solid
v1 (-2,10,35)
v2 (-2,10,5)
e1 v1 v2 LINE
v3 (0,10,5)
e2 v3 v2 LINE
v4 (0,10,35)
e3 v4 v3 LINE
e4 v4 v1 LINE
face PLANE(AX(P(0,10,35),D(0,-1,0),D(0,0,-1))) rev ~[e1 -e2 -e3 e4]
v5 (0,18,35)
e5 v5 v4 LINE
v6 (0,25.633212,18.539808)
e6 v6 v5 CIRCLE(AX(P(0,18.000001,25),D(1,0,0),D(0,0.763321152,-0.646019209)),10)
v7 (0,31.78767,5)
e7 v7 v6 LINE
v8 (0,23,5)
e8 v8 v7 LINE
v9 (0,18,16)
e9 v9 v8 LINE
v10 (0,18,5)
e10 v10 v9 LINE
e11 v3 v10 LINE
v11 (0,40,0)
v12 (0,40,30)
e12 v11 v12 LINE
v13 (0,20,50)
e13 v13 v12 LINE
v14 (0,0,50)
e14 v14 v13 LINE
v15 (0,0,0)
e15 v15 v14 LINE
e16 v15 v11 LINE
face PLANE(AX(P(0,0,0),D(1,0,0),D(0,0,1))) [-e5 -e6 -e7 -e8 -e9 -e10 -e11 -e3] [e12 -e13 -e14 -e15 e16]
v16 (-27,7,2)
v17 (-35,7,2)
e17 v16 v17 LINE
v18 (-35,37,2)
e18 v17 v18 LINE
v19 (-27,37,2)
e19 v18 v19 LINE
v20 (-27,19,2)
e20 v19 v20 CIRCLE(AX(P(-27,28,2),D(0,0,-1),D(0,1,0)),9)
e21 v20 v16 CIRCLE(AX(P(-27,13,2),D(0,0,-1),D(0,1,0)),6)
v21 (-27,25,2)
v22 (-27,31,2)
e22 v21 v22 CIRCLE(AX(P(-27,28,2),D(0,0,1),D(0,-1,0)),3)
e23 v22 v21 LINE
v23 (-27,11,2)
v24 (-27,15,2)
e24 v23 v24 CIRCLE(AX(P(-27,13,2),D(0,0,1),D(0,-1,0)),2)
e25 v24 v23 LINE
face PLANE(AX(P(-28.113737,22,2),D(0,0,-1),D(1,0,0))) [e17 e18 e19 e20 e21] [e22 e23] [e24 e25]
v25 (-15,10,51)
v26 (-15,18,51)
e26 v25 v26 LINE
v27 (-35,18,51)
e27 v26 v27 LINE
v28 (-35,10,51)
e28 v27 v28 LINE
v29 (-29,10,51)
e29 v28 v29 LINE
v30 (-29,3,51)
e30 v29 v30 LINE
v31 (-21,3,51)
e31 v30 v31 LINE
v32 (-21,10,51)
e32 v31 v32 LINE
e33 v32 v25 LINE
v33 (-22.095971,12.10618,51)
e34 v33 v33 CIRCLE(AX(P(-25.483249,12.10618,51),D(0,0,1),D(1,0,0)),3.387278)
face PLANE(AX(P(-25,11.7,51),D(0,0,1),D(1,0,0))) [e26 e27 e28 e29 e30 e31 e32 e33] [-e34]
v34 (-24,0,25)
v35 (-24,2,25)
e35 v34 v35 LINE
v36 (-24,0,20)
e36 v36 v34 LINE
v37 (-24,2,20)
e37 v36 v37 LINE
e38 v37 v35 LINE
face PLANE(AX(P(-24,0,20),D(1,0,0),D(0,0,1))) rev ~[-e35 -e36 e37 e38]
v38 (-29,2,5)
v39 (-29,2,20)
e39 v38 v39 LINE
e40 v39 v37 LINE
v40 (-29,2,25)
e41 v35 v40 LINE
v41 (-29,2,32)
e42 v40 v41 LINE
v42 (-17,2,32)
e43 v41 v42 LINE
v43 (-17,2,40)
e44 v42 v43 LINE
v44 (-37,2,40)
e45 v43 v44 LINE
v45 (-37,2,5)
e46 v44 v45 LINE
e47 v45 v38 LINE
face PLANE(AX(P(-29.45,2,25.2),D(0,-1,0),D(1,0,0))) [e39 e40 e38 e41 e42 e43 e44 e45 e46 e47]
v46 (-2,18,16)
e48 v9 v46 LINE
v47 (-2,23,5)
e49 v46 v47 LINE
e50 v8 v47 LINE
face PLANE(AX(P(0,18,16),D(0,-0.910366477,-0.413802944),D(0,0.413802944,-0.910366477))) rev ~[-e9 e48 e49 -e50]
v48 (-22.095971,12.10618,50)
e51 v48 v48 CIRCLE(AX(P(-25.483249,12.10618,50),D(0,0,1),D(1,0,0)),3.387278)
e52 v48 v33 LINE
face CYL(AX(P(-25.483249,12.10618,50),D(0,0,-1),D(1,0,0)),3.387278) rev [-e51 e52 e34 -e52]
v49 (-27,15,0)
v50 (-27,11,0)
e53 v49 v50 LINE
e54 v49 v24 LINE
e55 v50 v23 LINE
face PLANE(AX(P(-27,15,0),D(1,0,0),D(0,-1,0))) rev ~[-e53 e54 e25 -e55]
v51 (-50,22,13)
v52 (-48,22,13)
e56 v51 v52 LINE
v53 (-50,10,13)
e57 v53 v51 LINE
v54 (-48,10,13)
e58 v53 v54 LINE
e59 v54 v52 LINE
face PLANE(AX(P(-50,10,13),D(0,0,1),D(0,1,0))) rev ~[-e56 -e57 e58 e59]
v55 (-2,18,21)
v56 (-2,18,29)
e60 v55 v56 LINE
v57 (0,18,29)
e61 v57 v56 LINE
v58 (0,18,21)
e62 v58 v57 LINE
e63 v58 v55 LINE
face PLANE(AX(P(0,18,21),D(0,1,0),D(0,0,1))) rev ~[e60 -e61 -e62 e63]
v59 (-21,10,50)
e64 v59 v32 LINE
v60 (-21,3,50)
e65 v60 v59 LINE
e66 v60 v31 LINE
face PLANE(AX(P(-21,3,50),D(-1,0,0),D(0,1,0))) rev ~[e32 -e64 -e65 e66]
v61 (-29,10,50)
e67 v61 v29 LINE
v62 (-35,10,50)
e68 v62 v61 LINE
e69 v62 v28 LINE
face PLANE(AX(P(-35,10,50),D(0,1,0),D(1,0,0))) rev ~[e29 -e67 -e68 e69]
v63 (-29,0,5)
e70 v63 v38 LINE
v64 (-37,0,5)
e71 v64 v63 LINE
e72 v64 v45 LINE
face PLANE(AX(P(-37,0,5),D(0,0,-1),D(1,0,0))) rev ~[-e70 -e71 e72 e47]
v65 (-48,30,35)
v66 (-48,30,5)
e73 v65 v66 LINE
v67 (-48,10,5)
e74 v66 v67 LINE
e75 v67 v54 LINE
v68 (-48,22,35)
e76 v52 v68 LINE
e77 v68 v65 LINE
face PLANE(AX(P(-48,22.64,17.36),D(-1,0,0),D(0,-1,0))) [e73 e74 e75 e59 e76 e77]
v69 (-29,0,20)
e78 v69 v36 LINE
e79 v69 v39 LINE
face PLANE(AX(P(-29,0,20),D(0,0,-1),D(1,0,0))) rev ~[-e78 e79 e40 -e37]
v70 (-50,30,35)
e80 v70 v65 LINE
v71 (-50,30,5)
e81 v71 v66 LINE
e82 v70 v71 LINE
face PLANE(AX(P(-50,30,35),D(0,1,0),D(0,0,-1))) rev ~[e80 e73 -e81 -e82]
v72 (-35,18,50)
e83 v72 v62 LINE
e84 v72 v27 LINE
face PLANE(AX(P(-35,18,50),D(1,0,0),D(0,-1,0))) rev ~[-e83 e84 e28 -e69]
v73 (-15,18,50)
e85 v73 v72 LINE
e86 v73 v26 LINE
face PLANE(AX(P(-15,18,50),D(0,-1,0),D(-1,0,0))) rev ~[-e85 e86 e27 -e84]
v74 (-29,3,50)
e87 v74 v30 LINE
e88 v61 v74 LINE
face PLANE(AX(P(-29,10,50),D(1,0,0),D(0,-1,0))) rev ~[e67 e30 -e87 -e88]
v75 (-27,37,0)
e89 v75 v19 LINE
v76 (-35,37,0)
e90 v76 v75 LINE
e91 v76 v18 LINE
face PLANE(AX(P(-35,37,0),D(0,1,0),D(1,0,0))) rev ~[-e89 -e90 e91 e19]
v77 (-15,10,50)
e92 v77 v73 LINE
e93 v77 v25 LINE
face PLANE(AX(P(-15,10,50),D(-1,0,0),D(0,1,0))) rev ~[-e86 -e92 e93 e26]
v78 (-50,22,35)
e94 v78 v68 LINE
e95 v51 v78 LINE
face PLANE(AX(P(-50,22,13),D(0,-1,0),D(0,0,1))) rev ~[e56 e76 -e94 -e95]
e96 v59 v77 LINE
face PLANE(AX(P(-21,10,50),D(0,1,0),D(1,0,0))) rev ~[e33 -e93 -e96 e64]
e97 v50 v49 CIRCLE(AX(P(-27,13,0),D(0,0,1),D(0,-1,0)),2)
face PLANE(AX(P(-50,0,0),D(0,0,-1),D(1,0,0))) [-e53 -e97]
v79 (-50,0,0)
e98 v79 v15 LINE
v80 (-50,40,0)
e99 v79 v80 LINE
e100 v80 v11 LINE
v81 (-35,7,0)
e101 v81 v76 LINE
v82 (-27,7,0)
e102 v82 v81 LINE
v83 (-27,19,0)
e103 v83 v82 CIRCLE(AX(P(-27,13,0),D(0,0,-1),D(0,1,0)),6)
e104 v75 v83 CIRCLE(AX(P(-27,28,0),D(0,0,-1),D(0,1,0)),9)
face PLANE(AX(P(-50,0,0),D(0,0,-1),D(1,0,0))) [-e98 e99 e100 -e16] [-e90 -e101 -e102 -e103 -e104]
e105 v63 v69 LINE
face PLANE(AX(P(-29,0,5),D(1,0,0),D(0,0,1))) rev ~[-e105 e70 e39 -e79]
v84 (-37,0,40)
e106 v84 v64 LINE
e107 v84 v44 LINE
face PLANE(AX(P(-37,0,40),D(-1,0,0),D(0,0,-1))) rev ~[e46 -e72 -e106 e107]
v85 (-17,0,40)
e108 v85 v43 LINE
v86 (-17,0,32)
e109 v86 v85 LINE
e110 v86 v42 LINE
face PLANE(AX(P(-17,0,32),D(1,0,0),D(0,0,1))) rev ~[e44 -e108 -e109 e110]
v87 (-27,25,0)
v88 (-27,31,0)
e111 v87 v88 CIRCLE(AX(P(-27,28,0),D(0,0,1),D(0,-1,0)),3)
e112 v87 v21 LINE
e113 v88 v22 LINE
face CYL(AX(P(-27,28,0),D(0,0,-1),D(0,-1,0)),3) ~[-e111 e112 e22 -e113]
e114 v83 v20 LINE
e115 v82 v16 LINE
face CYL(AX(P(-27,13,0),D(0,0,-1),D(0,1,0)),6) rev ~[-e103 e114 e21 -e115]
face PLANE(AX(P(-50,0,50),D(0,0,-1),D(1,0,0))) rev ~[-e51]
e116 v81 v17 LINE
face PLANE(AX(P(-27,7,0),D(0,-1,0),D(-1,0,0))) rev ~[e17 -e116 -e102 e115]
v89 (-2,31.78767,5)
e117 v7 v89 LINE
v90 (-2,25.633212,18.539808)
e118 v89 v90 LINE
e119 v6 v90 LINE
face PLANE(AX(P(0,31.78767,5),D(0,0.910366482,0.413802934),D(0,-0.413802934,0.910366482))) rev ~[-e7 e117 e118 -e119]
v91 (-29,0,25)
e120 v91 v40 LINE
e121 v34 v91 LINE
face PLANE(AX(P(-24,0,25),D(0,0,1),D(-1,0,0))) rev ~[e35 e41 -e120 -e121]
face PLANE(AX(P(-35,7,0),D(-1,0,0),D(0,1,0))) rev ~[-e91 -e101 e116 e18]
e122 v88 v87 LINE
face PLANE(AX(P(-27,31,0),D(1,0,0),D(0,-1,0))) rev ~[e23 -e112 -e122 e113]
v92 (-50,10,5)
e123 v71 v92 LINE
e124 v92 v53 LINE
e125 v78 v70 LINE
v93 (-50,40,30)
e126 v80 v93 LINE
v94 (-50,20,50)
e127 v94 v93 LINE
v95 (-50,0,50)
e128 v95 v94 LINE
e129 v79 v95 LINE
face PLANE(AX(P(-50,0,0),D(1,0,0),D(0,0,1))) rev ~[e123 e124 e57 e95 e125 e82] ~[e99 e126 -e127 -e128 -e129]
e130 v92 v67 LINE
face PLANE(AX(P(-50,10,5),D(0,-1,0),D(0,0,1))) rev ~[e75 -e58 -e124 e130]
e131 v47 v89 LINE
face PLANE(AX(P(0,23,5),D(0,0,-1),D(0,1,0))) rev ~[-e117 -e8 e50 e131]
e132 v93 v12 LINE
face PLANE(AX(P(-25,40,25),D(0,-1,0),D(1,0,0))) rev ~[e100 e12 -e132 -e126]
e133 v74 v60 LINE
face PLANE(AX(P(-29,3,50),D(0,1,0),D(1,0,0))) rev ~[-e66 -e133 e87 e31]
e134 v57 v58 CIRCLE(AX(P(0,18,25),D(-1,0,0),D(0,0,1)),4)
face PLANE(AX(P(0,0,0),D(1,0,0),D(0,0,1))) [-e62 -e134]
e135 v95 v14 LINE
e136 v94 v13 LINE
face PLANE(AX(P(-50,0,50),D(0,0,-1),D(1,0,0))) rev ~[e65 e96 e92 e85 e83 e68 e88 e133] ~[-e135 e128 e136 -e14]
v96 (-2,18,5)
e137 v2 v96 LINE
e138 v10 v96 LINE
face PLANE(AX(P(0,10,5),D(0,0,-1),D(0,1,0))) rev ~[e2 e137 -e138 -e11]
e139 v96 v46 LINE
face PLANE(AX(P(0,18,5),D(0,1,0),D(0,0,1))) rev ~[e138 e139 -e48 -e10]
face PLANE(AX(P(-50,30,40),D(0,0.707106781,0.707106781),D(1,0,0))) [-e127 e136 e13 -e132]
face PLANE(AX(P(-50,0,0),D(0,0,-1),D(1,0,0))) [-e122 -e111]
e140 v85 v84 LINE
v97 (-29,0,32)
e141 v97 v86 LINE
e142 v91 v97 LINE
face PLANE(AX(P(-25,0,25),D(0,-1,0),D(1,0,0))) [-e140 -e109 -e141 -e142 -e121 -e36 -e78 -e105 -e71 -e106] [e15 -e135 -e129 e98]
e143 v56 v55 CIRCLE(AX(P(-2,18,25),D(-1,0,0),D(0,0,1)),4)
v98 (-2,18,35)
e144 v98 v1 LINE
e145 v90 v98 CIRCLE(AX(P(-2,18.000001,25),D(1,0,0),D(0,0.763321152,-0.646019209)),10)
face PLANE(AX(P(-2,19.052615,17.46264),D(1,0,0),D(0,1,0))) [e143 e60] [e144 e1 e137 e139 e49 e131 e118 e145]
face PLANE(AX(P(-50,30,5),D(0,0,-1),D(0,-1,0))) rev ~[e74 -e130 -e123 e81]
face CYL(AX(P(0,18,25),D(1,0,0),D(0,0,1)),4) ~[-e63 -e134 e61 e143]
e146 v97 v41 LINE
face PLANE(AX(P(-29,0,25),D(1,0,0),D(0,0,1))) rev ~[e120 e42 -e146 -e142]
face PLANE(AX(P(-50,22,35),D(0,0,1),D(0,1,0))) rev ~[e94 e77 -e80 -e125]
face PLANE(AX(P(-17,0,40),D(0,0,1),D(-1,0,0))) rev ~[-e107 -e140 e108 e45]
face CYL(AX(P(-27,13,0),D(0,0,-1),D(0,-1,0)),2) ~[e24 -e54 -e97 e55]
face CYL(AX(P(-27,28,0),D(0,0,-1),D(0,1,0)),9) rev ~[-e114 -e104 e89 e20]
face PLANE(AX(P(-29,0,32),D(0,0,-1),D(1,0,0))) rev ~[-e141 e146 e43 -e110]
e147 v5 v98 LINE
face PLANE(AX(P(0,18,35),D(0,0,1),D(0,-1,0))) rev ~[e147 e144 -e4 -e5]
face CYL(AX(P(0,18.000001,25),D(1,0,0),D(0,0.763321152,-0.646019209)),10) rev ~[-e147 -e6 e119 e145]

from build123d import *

# Parameters (mm, degrees)
F0_W      = 50
F0_H      = 50
F1_DEPTH  = 40
F2_SIZE   = 20
F4_DEPTH  = 2
F6_DEPTH  = 2
F8_DEPTH  = 2
F9_R      = 3.387278
F10_DEPTH = 1
F12_DEPTH = 2


with BuildPart() as f1:
    # F0 (on Front) → F1 (new body)
    with BuildSketch(Plane.XZ):
        with Locations((-25, 25)):
            Rectangle(F0_W, F0_H)
    extrude(amount=-F1_DEPTH)

    # F2
    f2_edges = [f1.edges().sort_by_distance(p)[0] for p in [
        (-25, 40, 50),
    ]]
    chamfer(f2_edges, length=F2_SIZE)

    # F3 (on face) → F4 (cut)
    with BuildSketch(Plane.XZ):
        Polygon((-37, 40), (-37, 5), (-29, 5), (-29, 20), (-24, 20), (-24, 25), (-29, 25), (-29, 32), (-17, 32), (-17, 40), align=None)
    extrude(amount=-F4_DEPTH, mode=Mode.SUBTRACT)

    # F5 (on face) → F6 (cut)
    with BuildSketch(Plane.YZ):
        with BuildLine():
            Line((10, 35), (10, 5))
            Line((10, 5), (18, 5))
            Line((18, 5), (18, 16))
            Line((18, 16), (23, 5))
            Line((23, 5), (31.78767, 5))
            Line((31.78767, 5), (25.633212, 18.539808))
            ThreePointArc((25.633212, 18.539808), (27.071988, 29.207023), (18, 35))
            Line((18, 35), (10, 35))
        make_face()
        with BuildLine():
            Line((18, 21), (18, 29))
            ThreePointArc((18, 29), (22, 25), (18, 21))
        make_face(mode=Mode.SUBTRACT)
    extrude(amount=-F6_DEPTH, mode=Mode.SUBTRACT)

    # F7 (on face) → F8 (cut)
    with BuildSketch(Plane(origin=(-50, 0, 0), x_dir=(0, -1, 0), z_dir=(-1, 0, 0))):
        Polygon((-22, 35), (-30, 35), (-30, 5), (-10, 5), (-10, 13), (-22, 13), align=None)
    extrude(amount=-F8_DEPTH, mode=Mode.SUBTRACT)

    # F9 (on face) → F10 (join)
    with BuildSketch(Plane.XY.offset(50)):
        Polygon((-29, 10), (-29, 3), (-21, 3), (-21, 10), (-15, 10), (-15, 18), (-35, 18), (-35, 10), align=None)
        with Locations((-25.483249, 12.10618)):
            Circle(F9_R, mode=Mode.SUBTRACT)
    extrude(amount=F10_DEPTH)

    # F11 (on face) → F12 (cut)
    with BuildSketch(Plane(origin=(0, 0, 0), x_dir=(1, 0, 0), z_dir=(0, 0, -1))):
        with BuildLine():
            Line((-35, -7), (-35, -37))
            Line((-35, -37), (-27, -37))
            ThreePointArc((-27, -37), (-18, -28), (-27, -19))
            ThreePointArc((-27, -19), (-21, -13), (-27, -7))
            Line((-27, -7), (-35, -7))
        make_face()
        with BuildLine():
            ThreePointArc((-27, -25), (-24, -28), (-27, -31))
            Line((-27, -31), (-27, -25))
        make_face(mode=Mode.SUBTRACT)
        with BuildLine():
            Line((-27, -15), (-27, -11))
            ThreePointArc((-27, -11), (-25, -13), (-27, -15))
        make_face(mode=Mode.SUBTRACT)
    extrude(amount=-F12_DEPTH, mode=Mode.SUBTRACT)


solid = f1.part
